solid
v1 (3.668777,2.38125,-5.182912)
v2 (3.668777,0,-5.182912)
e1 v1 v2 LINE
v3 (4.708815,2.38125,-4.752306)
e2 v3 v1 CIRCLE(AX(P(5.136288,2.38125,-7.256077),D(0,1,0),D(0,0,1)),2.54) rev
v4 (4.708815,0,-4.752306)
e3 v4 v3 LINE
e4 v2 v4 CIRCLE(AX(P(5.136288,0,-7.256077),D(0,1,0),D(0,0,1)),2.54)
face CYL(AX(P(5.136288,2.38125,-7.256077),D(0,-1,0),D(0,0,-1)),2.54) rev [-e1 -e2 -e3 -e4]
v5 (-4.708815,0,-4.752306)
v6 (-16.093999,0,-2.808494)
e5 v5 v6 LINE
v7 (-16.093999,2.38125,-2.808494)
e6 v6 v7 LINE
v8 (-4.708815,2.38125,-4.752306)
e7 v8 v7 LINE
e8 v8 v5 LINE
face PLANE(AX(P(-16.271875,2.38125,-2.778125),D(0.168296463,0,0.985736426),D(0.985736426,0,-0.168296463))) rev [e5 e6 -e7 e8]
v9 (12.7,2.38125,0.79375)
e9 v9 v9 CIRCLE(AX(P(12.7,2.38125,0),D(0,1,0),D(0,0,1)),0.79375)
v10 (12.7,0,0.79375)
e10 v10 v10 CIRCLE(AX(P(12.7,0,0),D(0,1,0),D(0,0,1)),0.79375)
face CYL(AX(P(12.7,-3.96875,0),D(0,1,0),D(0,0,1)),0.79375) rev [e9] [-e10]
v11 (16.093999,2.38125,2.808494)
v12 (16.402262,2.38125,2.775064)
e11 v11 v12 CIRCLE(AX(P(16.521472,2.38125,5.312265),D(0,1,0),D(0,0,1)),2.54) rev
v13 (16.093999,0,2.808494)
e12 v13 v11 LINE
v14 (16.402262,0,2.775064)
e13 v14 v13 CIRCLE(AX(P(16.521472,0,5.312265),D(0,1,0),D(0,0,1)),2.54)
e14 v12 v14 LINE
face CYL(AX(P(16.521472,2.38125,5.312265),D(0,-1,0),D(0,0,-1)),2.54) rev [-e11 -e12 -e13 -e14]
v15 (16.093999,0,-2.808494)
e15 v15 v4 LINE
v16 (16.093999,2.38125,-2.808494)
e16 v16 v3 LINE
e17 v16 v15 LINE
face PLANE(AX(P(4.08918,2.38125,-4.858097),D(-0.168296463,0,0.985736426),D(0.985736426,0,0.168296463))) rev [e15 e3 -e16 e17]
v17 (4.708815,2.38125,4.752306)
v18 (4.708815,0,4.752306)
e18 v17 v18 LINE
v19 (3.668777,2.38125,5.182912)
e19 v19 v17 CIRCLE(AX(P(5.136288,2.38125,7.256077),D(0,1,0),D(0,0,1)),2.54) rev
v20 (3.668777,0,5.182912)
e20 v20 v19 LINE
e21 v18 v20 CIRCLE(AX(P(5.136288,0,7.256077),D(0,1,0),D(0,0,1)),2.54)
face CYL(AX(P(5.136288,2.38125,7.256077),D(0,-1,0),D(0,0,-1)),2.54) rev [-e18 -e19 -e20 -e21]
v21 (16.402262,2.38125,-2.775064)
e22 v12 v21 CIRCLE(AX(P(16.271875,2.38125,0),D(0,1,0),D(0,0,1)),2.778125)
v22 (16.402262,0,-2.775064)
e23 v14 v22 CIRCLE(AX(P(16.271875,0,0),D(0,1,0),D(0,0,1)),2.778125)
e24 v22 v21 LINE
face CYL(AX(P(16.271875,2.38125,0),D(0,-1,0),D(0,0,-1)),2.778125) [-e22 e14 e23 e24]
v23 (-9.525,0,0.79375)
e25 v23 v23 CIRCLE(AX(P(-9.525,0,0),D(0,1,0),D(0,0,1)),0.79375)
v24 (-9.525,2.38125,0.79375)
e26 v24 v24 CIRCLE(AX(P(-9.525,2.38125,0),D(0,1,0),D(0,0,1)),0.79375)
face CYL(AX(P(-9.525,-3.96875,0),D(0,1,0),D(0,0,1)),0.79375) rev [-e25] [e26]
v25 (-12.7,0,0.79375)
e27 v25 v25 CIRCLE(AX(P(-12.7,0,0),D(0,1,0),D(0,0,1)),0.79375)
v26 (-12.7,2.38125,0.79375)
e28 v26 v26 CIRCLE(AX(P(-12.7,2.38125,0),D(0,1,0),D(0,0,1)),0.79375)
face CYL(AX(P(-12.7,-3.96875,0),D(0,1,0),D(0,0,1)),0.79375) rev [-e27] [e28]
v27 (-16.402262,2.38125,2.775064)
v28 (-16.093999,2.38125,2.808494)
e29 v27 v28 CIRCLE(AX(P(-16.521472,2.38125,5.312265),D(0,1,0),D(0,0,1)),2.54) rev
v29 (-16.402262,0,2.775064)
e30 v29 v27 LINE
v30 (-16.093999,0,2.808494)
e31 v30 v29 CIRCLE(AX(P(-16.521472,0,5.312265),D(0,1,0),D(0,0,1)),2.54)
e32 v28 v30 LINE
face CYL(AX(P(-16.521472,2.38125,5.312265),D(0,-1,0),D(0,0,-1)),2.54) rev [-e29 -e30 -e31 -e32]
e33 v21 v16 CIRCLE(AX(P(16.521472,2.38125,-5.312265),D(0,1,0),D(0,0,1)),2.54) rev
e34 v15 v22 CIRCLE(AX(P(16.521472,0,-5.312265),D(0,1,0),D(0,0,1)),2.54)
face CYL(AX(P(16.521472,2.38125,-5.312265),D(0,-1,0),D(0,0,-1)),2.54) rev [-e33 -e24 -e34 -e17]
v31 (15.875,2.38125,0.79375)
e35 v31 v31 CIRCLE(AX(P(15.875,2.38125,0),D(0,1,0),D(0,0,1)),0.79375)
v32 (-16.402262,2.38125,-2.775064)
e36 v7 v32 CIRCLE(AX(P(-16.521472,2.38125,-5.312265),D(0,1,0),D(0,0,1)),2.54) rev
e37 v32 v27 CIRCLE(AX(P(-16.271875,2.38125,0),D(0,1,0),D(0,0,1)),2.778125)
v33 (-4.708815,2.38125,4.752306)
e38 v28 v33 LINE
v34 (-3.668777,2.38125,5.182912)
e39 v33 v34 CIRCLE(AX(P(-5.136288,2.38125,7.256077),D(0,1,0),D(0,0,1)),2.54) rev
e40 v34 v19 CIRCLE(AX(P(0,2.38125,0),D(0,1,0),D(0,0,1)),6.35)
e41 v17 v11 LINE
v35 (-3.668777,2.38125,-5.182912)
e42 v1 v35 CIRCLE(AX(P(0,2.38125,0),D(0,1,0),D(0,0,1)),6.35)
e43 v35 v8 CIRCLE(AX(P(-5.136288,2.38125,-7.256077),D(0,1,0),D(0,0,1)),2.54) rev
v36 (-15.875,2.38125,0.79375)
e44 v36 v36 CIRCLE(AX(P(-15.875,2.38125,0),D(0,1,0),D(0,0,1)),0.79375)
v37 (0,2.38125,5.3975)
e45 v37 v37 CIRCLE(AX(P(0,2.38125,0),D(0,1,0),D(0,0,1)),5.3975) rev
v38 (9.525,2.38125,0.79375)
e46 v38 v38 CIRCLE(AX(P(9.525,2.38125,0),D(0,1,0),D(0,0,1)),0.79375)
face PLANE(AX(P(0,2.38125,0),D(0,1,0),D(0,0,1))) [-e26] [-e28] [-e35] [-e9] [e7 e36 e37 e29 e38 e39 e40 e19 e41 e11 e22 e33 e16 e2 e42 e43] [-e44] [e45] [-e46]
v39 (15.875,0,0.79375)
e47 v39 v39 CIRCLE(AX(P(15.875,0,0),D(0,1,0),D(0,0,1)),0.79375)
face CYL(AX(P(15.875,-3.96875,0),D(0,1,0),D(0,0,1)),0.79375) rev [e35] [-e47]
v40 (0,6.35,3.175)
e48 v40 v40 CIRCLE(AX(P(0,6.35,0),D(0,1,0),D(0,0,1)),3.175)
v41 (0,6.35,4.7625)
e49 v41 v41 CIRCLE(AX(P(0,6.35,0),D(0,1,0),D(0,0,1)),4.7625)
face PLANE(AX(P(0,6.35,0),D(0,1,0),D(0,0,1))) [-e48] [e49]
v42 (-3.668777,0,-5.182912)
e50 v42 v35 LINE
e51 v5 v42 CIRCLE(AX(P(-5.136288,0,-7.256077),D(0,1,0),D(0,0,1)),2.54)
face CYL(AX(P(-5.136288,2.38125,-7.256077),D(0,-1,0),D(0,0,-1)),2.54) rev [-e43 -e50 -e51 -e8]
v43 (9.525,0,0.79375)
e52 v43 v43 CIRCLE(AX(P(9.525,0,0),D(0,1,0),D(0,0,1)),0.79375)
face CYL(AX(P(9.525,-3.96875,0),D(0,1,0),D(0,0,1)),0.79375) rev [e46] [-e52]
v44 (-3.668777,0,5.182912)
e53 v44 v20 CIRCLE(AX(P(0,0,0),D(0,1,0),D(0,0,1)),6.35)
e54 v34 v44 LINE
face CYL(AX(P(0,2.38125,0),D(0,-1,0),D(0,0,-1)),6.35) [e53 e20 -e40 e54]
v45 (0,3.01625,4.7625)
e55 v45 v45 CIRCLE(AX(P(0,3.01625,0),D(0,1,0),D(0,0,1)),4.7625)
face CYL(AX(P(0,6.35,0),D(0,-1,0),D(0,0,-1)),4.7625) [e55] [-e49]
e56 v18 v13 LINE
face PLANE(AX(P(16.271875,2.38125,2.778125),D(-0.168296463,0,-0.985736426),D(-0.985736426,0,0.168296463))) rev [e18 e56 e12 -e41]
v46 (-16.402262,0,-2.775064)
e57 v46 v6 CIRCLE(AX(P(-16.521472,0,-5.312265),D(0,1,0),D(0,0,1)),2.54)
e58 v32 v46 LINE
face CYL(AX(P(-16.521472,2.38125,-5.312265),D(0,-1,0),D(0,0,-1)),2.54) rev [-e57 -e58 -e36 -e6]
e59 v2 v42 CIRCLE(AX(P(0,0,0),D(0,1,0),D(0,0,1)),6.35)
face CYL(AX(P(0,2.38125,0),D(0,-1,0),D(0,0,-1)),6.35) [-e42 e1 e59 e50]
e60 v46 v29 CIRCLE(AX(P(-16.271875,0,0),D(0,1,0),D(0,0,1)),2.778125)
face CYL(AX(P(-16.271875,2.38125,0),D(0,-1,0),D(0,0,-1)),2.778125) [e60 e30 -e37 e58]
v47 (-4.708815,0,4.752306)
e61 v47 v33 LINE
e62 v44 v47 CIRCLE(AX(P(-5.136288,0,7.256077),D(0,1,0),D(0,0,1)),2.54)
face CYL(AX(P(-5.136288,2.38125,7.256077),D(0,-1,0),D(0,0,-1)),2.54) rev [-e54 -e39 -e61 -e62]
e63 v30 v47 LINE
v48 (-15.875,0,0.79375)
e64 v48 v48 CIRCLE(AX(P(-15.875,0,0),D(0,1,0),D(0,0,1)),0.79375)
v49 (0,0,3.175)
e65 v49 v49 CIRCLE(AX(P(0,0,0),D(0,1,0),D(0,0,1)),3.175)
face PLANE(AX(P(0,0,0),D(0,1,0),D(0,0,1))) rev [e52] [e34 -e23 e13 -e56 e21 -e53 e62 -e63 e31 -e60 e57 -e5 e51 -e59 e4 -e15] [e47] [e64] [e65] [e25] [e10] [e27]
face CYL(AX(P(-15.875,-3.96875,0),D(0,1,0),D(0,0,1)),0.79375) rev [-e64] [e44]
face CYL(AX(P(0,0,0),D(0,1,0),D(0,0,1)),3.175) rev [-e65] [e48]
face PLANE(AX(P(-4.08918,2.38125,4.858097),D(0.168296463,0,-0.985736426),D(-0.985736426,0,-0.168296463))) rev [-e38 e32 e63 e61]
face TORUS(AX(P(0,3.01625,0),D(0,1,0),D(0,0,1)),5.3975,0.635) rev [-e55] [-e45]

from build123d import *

# Parameters (mm, degrees)
BOSS_EXTRUDE1_DEPTH = 2.38125
FILLET1_R           = 2.54
FILLET2_R           = 2.54
SKETCH2_R           = 4.7625
BOSS_EXTRUDE2_DEPTH = 3.96875
FILLET3_R           = 0.635
SKETCH3_R           = 3.175
CUT_EXTRUDE1_DEPTH  = 6.35
SKETCH4_R           = 0.79375
CUT_EXTRUDE2_DEPTH  = 6.35


with BuildPart() as part:
    # Sketch1 → Boss-Extrude1 (new body)
    with BuildSketch(Plane(origin=(0, 0, 0), x_dir=(1, 0, 0), z_dir=(0, 1, 0))):
        with BuildLine():
            Line((4.089179599, 4.858097386), (16.271875, 2.778125))
            ThreePointArc((16.271875, 2.778125), (19.05, 0), (16.271875, -2.778125))
            Line((16.271875, -2.778125), (4.089179599, -4.858097386))
            ThreePointArc((4.089179599, -4.858097386), (0, -6.35), (-4.089179599, -4.858097386))
            Line((-4.089179599, -4.858097386), (-16.271875, -2.778125))
            ThreePointArc((-16.271875, -2.778125), (-19.05, 0), (-16.271875, 2.778125))
            Line((-16.271875, 2.778125), (-4.089179599, 4.858097386))
            ThreePointArc((-4.089179599, 4.858097386), (0, 6.35), (4.089179599, 4.858097386))
        make_face()
    extrude(amount=BOSS_EXTRUDE1_DEPTH)

    # Fillet1
    fillet1_edges = [part.edges().sort_by_distance(p)[0] for p in [
        (16.271875, 1.190625, -2.778125),
        (16.271875, 1.190625, 2.778125),
        (-16.271875, 1.190625, 2.778125),
        (-16.271875, 1.190625, -2.778125),
    ]]
    fillet(fillet1_edges, radius=FILLET1_R)

    # Fillet2
    fillet2_edges = [part.edges().sort_by_distance(p)[0] for p in [
        (4.089179599, 1.190625, -4.858097386),
        (4.089179599, 1.190625, 4.858097386),
        (-4.089179599, 1.190625, 4.858097386),
        (-4.089179599, 1.190625, -4.858097386),
    ]]
    fillet(fillet2_edges, radius=FILLET2_R)

    # Sketch2 → Boss-Extrude2 (add)
    with BuildSketch(Plane(origin=(0, 2.38125, 0), x_dir=(1, 0, 0), z_dir=(0, 1, 0))):
        with Locations(Location((0, 0, 0), (0, 0, 270))):
            Circle(SKETCH2_R)
    extrude(amount=BOSS_EXTRUDE2_DEPTH)

    # Fillet3
    fillet3_edges = [part.edges().sort_by_distance(p)[0] for p in [
        (0, 2.38125, -4.7625),
    ]]
    fillet(fillet3_edges, radius=FILLET3_R)

    # Sketch3 → Cut-Extrude1 (cut)
    with BuildSketch(Plane(origin=(0, 6.35, 0), x_dir=(1, 0, 0), z_dir=(0, 1, 0))):
        with Locations(Location((0, 0, 0), (0, 0, 270))):
            Circle(SKETCH3_R)
    extrude(amount=-CUT_EXTRUDE1_DEPTH, mode=Mode.SUBTRACT)

    # Sketch4 → Cut-Extrude2 (cut)
    with BuildSketch(Plane(origin=(0, 2.38125, 0), x_dir=(1, 0, 0), z_dir=(0, 1, 0))):
        with Locations(Location((9.525, 0, 0), (0, 0, 270))):
            Circle(SKETCH4_R)
        with Locations(Location((-9.525, 0, 0), (0, 0, 270))):
            Circle(SKETCH4_R)
        with Locations(Location((12.7, 0, 0), (0, 0, 270))):
            Circle(SKETCH4_R)
        with Locations(Location((15.875, 0, 0), (0, 0, 270))):
            Circle(SKETCH4_R)
        with Locations(Location((-12.7, 0, 0), (0, 0, 270))):
            Circle(SKETCH4_R)
        with Locations(Location((-15.875, 0, 0), (0, 0, 270))):
            Circle(SKETCH4_R)
    extrude(amount=-CUT_EXTRUDE2_DEPTH, mode=Mode.SUBTRACT)


solid = part.part
